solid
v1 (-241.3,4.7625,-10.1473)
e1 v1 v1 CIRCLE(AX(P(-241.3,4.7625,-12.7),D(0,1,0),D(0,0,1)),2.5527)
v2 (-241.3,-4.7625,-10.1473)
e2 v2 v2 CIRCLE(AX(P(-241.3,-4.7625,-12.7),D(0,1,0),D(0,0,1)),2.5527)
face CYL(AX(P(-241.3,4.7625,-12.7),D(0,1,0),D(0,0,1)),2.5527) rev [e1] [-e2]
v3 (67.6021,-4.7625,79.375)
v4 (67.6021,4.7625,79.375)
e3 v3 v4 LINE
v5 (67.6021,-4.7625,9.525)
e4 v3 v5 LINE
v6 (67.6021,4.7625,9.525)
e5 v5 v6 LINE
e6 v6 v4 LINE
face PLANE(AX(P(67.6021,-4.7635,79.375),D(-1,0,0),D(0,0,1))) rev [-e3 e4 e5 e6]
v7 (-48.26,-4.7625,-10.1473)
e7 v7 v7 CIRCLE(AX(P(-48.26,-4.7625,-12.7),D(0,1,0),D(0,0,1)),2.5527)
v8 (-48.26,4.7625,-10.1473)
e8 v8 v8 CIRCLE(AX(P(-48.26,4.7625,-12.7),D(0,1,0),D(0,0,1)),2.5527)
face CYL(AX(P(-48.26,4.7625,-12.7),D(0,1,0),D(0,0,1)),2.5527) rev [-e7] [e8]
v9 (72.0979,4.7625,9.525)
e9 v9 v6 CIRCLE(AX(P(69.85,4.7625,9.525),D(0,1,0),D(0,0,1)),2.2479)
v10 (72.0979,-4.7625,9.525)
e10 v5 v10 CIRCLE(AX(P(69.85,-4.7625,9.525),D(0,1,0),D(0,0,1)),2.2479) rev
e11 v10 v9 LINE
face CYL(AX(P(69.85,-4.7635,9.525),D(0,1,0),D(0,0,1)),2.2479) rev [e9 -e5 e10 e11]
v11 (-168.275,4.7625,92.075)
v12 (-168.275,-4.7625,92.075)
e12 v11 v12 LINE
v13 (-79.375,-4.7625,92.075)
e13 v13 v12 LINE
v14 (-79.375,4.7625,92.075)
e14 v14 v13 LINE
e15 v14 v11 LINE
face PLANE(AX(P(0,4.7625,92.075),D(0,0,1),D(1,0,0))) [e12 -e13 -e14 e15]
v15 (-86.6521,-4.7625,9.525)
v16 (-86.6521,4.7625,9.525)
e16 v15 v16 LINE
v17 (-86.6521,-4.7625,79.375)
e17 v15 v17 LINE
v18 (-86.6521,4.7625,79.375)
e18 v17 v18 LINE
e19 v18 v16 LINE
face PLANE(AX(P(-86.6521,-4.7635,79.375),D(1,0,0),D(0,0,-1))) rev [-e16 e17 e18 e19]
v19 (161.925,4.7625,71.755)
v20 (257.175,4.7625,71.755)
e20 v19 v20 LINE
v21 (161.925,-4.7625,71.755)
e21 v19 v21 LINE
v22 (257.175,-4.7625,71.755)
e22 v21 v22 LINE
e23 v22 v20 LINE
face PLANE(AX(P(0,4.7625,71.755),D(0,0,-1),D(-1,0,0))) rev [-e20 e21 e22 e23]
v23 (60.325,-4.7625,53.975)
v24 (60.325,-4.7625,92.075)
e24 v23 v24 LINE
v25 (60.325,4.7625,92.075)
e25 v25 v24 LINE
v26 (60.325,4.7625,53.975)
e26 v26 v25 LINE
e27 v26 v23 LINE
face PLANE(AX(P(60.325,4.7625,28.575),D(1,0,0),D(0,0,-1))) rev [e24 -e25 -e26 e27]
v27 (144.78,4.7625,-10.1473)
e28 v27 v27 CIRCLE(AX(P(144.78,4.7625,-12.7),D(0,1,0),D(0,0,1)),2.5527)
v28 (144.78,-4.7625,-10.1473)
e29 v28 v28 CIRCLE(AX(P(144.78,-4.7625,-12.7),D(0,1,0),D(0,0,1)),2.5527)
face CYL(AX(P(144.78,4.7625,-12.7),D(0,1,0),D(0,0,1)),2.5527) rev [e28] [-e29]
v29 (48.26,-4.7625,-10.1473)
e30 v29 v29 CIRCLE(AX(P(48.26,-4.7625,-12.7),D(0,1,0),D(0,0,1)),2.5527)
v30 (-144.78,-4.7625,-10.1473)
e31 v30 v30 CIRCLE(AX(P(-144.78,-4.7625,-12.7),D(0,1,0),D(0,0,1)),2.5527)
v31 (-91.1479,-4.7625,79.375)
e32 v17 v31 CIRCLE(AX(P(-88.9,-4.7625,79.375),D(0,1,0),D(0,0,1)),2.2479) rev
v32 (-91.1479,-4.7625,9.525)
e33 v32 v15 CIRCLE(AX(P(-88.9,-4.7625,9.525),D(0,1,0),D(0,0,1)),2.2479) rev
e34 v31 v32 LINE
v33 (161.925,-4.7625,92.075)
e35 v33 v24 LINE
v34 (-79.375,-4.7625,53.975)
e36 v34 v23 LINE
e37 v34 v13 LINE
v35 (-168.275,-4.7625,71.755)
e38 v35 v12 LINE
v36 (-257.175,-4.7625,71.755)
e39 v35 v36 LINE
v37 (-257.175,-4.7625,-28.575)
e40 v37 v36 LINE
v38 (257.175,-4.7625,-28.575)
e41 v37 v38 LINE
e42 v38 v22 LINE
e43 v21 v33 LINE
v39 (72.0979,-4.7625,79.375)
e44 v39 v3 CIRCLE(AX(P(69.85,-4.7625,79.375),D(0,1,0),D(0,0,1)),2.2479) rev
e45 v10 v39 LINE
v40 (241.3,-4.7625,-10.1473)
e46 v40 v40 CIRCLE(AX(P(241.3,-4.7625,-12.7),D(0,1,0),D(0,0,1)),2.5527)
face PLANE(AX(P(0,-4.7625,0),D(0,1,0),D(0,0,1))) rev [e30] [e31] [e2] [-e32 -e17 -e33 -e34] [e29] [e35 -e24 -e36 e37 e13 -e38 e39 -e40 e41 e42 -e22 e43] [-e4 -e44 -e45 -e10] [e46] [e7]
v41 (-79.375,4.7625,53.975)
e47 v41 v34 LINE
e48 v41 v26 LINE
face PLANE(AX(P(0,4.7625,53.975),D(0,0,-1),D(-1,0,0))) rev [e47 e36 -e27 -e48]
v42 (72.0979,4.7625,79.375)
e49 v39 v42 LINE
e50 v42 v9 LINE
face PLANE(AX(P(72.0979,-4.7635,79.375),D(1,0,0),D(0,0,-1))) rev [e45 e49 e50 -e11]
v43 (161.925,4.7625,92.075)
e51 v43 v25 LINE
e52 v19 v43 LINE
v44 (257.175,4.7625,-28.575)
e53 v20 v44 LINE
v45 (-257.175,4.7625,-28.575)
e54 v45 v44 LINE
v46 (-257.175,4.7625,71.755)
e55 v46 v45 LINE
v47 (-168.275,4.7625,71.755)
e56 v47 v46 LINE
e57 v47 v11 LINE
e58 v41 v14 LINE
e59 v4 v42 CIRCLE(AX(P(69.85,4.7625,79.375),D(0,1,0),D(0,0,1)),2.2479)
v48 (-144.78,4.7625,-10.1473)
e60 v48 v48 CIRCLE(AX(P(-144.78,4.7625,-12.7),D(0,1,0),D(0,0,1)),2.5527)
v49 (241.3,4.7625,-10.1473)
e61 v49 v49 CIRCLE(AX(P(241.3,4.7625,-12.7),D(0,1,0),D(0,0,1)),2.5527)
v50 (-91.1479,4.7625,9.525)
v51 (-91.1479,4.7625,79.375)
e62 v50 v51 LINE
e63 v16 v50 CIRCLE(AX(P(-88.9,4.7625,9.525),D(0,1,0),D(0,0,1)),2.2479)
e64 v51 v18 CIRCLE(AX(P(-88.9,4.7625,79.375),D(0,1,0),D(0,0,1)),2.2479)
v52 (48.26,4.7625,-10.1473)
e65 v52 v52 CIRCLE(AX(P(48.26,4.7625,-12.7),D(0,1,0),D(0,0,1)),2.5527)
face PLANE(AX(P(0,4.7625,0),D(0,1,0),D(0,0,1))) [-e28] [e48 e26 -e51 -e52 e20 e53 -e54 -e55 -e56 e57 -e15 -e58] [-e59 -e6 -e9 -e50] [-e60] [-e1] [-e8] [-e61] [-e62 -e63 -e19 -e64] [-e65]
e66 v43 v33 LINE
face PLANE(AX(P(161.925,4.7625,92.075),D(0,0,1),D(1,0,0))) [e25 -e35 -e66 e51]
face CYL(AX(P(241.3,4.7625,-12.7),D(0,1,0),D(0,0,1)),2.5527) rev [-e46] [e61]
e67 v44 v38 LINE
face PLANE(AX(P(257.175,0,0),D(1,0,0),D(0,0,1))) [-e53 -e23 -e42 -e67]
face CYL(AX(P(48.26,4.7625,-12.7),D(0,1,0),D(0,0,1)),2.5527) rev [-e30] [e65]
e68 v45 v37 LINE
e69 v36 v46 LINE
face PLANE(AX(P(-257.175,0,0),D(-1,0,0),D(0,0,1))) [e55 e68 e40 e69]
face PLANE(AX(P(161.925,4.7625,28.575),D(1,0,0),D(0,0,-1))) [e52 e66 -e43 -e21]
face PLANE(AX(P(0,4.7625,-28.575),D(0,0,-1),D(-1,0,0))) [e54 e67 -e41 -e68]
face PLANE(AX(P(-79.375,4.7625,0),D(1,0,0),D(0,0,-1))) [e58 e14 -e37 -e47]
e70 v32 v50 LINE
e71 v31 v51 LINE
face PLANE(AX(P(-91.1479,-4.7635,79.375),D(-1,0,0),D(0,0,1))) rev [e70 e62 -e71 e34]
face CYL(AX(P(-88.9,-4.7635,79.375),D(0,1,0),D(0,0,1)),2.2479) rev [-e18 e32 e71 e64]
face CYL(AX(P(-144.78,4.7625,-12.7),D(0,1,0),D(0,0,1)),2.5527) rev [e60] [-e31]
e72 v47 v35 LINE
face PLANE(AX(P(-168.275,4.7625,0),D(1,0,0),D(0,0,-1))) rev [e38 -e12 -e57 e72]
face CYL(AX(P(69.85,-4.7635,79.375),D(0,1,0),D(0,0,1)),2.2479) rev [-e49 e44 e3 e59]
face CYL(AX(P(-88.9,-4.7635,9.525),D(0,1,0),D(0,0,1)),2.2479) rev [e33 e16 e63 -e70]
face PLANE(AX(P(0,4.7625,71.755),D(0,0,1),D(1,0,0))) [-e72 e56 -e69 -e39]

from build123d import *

# Parameters (mm, degrees)
SKETCH1_W              = 501.65
SKETCH1_H              = 57.15
BOSS_EXTRUDE1_DEPTH    = 4.7625
BOSS_EXTRUDE2_DEPTH    = 4.7625
SKETCH23_W             = 100.33
SKETCH23_H             = 9.525
BOSS_EXTRUDE3_DEPTH    = 6.35
F_10_CLEARANCE_HOLE2_D = 5.1054
LPATTERN1_COUNT        = 6
LPATTERN1_PITCH        = 96.52
CUT_EXTRUDE6_REACH     = 275.327


with BuildPart() as part:
    # Sketch1 → Boss-Extrude1 (new, symmetric)
    with BuildSketch(Plane(origin=(0, 0, 0), x_dir=(1, 0, 0), z_dir=(0, 1, 0))):
        Rectangle(SKETCH1_W, SKETCH1_H)
    extrude(amount=BOSS_EXTRUDE1_DEPTH, both=True)

    # Sketch2 → Boss-Extrude2 (add, symmetric)
    with BuildSketch(Plane(origin=(0, 0, 0), x_dir=(1, 0, 0), z_dir=(0, 1, 0))):
        Polygon((161.925, -92.075), (161.925, -71.755), (250.825, -71.755), (250.825, -28.575), (-250.825, -28.575), (-250.825, -71.755), (-168.275, -71.755), (-168.275, -92.075), (-79.375, -92.075), (-79.375, -53.975), (60.325, -53.975), (60.325, -92.075), align=None)
    extrude(amount=BOSS_EXTRUDE2_DEPTH, both=True)

    # Sketch23 → Boss-Extrude3 (add)
    with BuildSketch(Plane.ZY.offset(250.825)):
        with Locations((21.59, 0)):
            Rectangle(SKETCH23_W, SKETCH23_H)
    boss_extrude3 = extrude(amount=BOSS_EXTRUDE3_DEPTH)

    # Mirror1: Boss-Extrude3 across plane
    add(boss_extrude3.mirror(Plane(origin=(0, 0, 0), x_dir=(0, 0, 1), z_dir=(1, 0, 0))))

    # #10 Clearance Hole2 (through all)
    with Locations(Plane(origin=(0, 4.7625, 0), x_dir=(1, 0, 0), z_dir=(0, 1, 0))):
        with Locations((241.3, 12.7)):
            f_10_clearance_hole2 = Hole(F_10_CLEARANCE_HOLE2_D / 2)

    # LPattern1: #10 Clearance Hole2 ×6
    with Locations(*[(-i * LPATTERN1_PITCH, 0, 0) for i in range(1, LPATTERN1_COUNT)]):
        add(f_10_clearance_hole2, mode=Mode.SUBTRACT)

    # Sketch40 → Cut-Extrude6 (cut, up to next)
    with BuildSketch(Plane(origin=(0, 4.7625, 0), x_dir=(1, 0, 0), z_dir=(0, 1, 0)), mode=Mode.PRIVATE) as cut_extrude6_sk1:
        with BuildLine():
            Line((-91.1479, -79.375), (-91.1479, -9.525))
            ThreePointArc((-91.1479, -9.525), (-88.9, -7.2771), (-86.6521, -9.525))
            Line((-86.6521, -9.525), (-86.6521, -79.375))
            ThreePointArc((-86.6521, -79.375), (-88.9, -81.6229), (-91.1479, -79.375))
        make_face()
    cut_extrude6_tool1 = extrude(cut_extrude6_sk1.sketch, amount=-CUT_EXTRUDE6_REACH, mode=Mode.PRIVATE) & part.part
    # Sketch40 → Cut-Extrude6 (cut, up to next)
    with BuildSketch(Plane(origin=(0, 4.7625, 0), x_dir=(1, 0, 0), z_dir=(0, 1, 0)), mode=Mode.PRIVATE) as cut_extrude6_sk2:
        with BuildLine():
            Line((67.6021, -79.375), (67.6021, -9.525))
            ThreePointArc((67.6021, -9.525), (69.85, -7.2771), (72.0979, -9.525))
            Line((72.0979, -9.525), (72.0979, -79.375))
            ThreePointArc((72.0979, -79.375), (69.85, -81.6229), (67.6021, -79.375))
        make_face()
    cut_extrude6_tool2 = extrude(cut_extrude6_sk2.sketch, amount=-CUT_EXTRUDE6_REACH, mode=Mode.PRIVATE) & part.part
    add(cut_extrude6_tool1.solids().sort_by_distance((-88.9, 4.7625, 44.45))[0], mode=Mode.SUBTRACT)
    add(cut_extrude6_tool2.solids().sort_by_distance((69.85, 4.7625, 44.45))[0], mode=Mode.SUBTRACT)


solid = part.part
